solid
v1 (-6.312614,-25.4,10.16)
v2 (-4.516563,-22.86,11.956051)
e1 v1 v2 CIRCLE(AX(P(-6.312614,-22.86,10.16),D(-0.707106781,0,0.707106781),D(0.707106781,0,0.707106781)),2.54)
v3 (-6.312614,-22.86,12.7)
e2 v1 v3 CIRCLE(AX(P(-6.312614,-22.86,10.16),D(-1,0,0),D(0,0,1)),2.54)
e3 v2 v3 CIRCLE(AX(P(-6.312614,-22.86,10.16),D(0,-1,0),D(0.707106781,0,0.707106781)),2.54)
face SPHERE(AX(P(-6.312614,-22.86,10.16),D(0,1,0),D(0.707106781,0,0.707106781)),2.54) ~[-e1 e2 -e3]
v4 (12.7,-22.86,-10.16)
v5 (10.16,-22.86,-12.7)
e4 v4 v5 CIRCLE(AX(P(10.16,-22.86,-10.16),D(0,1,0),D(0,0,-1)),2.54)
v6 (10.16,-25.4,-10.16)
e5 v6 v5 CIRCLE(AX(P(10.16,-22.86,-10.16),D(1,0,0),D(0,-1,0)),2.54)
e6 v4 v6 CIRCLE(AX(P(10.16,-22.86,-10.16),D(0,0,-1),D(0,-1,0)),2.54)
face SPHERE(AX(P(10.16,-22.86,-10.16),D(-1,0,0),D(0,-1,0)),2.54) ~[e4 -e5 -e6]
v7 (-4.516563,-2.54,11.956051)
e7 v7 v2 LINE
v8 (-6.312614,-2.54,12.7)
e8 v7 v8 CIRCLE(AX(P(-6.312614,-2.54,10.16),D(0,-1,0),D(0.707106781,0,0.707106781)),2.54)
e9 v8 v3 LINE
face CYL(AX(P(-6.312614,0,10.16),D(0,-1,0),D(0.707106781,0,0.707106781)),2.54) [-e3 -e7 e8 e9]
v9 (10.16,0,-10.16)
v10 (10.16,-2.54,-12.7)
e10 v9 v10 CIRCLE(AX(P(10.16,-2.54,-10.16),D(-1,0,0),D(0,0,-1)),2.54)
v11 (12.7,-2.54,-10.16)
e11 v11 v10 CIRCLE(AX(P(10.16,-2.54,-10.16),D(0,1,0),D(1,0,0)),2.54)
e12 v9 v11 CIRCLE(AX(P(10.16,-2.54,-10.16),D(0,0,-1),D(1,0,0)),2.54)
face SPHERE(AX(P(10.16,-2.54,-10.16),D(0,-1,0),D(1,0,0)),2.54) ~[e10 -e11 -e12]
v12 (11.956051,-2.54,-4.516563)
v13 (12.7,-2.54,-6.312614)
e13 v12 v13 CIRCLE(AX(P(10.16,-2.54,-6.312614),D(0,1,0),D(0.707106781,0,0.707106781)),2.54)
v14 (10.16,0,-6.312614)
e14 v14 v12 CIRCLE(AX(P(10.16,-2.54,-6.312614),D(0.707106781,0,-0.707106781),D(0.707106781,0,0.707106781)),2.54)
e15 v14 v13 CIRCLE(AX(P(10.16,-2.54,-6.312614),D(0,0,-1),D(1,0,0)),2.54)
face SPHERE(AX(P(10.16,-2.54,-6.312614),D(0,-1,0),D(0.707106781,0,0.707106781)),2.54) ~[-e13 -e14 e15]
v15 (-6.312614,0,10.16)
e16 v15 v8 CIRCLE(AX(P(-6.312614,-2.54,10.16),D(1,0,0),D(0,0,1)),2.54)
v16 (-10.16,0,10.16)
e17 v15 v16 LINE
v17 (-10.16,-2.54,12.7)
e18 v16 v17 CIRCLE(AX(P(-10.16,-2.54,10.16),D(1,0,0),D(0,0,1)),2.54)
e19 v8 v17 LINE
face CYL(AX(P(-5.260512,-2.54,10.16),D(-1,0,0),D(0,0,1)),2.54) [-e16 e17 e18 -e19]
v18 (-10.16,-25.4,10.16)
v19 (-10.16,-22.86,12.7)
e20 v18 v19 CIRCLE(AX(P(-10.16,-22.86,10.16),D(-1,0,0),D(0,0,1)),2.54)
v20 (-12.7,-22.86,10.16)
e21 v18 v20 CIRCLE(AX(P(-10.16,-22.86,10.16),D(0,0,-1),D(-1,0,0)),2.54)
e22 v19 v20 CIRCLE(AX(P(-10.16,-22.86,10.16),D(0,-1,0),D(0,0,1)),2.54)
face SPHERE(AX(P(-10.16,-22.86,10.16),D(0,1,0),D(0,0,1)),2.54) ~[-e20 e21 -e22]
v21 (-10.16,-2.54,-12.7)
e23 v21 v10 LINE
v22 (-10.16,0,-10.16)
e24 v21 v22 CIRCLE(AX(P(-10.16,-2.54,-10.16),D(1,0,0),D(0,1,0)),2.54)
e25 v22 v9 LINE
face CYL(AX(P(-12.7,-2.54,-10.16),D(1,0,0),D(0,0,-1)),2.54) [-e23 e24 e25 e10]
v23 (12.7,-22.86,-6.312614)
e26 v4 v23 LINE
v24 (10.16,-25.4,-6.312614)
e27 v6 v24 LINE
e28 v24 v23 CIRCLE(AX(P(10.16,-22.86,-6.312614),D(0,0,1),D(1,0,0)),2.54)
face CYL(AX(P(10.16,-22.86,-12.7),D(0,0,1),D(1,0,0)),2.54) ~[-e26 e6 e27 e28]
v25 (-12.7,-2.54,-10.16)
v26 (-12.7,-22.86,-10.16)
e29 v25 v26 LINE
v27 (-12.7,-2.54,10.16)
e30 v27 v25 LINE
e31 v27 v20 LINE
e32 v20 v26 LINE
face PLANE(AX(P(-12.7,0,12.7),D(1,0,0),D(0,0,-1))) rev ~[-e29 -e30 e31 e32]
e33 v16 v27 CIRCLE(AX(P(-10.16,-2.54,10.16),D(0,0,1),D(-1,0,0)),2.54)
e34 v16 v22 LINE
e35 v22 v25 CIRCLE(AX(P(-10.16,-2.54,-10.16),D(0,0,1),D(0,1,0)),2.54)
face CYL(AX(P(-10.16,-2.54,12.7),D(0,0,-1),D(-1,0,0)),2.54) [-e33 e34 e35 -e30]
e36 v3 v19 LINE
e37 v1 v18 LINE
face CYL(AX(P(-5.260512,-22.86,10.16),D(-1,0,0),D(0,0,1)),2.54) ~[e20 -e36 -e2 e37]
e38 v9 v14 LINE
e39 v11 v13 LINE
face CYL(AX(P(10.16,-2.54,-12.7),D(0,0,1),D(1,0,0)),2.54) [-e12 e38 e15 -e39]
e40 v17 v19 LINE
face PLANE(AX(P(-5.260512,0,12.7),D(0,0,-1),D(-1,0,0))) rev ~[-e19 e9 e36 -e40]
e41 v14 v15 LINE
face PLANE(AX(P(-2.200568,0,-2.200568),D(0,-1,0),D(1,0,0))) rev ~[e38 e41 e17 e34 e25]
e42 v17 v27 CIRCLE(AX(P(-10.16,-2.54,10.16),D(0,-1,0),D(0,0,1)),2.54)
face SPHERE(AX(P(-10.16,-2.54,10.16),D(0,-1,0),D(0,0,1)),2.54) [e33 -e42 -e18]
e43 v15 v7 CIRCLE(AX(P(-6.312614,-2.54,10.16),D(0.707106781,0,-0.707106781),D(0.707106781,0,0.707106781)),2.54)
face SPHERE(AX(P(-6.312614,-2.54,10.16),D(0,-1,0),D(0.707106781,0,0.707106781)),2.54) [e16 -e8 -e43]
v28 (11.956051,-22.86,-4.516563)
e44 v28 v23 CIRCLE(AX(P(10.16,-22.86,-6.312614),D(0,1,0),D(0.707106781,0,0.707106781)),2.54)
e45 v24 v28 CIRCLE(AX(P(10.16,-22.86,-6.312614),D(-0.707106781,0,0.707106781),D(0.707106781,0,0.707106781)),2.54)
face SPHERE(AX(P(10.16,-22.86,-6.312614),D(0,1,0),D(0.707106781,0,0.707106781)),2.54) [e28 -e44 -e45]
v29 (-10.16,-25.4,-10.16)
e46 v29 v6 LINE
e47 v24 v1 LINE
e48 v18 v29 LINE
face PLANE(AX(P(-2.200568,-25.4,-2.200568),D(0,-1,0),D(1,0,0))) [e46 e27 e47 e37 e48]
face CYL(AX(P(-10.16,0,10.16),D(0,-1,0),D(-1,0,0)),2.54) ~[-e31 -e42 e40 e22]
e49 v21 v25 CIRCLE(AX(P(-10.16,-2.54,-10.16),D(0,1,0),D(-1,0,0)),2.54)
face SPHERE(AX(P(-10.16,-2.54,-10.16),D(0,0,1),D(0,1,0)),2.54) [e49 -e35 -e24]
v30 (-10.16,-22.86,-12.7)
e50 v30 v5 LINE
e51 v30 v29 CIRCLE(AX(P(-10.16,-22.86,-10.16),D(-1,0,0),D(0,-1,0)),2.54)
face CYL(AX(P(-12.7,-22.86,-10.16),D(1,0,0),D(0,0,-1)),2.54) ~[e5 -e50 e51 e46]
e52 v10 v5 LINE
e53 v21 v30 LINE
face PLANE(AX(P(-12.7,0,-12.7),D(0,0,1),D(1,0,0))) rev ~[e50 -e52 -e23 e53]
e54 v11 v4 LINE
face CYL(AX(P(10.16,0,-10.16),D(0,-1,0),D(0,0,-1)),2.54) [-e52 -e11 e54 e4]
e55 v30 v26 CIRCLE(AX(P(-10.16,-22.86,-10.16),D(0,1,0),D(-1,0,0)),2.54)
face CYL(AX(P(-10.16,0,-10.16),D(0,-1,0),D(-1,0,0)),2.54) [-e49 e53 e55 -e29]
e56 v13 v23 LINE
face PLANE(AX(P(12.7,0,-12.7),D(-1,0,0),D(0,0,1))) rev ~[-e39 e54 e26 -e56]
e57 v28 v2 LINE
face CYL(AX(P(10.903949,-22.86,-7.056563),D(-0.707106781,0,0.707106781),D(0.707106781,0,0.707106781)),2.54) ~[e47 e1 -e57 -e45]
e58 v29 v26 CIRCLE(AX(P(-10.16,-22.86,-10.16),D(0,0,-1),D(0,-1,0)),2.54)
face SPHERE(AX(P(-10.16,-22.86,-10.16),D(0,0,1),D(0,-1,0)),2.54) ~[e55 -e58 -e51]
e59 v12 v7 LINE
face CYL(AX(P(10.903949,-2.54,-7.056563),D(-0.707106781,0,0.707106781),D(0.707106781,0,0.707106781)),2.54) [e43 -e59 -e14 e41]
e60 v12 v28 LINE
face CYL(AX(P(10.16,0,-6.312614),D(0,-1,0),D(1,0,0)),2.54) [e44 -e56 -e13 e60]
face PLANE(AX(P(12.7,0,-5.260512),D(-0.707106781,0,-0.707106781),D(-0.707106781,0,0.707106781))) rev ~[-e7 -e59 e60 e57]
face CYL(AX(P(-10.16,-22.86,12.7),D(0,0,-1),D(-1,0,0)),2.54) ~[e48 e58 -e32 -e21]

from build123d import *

# Parameters (mm, degrees)
F1_DEPTH = 25.4
F2_R     = 2.54


with BuildPart() as f1:
    # F0 (on Front) → F1 (new body)
    with BuildSketch(Plane.XZ):
        Polygon((-12.7, 12.7), (-12.7, -12.7), (12.7, -12.7), (12.7, -5.260512), (-5.260512, 12.7), align=None)
    extrude(amount=F1_DEPTH)

    # F2
    f2_edges = [f1.edges().sort_by_distance(p)[0] for p in [
        (-12.7, -12.7, 12.7),
        (12.7, -12.7, -5.260512),
        (-5.260512, -12.7, 12.7),
        (3.719744, 0, 3.719744),
        (3.719744, -25.4, 3.719744),
        (-8.980256, -25.4, 12.7),
        (-12.7, -25.4, 0),
        (0, -25.4, -12.7),
        (12.7, -25.4, -8.980256),
        (12.7, -12.7, -12.7),
        (12.7, 0, -8.980256),
        (-8.980256, 0, 12.7),
        (-12.7, 0, 0),
        (0, 0, -12.7),
        (-12.7, -12.7, -12.7),
    ]]
    fillet(f2_edges, radius=F2_R)


solid = f1.part
